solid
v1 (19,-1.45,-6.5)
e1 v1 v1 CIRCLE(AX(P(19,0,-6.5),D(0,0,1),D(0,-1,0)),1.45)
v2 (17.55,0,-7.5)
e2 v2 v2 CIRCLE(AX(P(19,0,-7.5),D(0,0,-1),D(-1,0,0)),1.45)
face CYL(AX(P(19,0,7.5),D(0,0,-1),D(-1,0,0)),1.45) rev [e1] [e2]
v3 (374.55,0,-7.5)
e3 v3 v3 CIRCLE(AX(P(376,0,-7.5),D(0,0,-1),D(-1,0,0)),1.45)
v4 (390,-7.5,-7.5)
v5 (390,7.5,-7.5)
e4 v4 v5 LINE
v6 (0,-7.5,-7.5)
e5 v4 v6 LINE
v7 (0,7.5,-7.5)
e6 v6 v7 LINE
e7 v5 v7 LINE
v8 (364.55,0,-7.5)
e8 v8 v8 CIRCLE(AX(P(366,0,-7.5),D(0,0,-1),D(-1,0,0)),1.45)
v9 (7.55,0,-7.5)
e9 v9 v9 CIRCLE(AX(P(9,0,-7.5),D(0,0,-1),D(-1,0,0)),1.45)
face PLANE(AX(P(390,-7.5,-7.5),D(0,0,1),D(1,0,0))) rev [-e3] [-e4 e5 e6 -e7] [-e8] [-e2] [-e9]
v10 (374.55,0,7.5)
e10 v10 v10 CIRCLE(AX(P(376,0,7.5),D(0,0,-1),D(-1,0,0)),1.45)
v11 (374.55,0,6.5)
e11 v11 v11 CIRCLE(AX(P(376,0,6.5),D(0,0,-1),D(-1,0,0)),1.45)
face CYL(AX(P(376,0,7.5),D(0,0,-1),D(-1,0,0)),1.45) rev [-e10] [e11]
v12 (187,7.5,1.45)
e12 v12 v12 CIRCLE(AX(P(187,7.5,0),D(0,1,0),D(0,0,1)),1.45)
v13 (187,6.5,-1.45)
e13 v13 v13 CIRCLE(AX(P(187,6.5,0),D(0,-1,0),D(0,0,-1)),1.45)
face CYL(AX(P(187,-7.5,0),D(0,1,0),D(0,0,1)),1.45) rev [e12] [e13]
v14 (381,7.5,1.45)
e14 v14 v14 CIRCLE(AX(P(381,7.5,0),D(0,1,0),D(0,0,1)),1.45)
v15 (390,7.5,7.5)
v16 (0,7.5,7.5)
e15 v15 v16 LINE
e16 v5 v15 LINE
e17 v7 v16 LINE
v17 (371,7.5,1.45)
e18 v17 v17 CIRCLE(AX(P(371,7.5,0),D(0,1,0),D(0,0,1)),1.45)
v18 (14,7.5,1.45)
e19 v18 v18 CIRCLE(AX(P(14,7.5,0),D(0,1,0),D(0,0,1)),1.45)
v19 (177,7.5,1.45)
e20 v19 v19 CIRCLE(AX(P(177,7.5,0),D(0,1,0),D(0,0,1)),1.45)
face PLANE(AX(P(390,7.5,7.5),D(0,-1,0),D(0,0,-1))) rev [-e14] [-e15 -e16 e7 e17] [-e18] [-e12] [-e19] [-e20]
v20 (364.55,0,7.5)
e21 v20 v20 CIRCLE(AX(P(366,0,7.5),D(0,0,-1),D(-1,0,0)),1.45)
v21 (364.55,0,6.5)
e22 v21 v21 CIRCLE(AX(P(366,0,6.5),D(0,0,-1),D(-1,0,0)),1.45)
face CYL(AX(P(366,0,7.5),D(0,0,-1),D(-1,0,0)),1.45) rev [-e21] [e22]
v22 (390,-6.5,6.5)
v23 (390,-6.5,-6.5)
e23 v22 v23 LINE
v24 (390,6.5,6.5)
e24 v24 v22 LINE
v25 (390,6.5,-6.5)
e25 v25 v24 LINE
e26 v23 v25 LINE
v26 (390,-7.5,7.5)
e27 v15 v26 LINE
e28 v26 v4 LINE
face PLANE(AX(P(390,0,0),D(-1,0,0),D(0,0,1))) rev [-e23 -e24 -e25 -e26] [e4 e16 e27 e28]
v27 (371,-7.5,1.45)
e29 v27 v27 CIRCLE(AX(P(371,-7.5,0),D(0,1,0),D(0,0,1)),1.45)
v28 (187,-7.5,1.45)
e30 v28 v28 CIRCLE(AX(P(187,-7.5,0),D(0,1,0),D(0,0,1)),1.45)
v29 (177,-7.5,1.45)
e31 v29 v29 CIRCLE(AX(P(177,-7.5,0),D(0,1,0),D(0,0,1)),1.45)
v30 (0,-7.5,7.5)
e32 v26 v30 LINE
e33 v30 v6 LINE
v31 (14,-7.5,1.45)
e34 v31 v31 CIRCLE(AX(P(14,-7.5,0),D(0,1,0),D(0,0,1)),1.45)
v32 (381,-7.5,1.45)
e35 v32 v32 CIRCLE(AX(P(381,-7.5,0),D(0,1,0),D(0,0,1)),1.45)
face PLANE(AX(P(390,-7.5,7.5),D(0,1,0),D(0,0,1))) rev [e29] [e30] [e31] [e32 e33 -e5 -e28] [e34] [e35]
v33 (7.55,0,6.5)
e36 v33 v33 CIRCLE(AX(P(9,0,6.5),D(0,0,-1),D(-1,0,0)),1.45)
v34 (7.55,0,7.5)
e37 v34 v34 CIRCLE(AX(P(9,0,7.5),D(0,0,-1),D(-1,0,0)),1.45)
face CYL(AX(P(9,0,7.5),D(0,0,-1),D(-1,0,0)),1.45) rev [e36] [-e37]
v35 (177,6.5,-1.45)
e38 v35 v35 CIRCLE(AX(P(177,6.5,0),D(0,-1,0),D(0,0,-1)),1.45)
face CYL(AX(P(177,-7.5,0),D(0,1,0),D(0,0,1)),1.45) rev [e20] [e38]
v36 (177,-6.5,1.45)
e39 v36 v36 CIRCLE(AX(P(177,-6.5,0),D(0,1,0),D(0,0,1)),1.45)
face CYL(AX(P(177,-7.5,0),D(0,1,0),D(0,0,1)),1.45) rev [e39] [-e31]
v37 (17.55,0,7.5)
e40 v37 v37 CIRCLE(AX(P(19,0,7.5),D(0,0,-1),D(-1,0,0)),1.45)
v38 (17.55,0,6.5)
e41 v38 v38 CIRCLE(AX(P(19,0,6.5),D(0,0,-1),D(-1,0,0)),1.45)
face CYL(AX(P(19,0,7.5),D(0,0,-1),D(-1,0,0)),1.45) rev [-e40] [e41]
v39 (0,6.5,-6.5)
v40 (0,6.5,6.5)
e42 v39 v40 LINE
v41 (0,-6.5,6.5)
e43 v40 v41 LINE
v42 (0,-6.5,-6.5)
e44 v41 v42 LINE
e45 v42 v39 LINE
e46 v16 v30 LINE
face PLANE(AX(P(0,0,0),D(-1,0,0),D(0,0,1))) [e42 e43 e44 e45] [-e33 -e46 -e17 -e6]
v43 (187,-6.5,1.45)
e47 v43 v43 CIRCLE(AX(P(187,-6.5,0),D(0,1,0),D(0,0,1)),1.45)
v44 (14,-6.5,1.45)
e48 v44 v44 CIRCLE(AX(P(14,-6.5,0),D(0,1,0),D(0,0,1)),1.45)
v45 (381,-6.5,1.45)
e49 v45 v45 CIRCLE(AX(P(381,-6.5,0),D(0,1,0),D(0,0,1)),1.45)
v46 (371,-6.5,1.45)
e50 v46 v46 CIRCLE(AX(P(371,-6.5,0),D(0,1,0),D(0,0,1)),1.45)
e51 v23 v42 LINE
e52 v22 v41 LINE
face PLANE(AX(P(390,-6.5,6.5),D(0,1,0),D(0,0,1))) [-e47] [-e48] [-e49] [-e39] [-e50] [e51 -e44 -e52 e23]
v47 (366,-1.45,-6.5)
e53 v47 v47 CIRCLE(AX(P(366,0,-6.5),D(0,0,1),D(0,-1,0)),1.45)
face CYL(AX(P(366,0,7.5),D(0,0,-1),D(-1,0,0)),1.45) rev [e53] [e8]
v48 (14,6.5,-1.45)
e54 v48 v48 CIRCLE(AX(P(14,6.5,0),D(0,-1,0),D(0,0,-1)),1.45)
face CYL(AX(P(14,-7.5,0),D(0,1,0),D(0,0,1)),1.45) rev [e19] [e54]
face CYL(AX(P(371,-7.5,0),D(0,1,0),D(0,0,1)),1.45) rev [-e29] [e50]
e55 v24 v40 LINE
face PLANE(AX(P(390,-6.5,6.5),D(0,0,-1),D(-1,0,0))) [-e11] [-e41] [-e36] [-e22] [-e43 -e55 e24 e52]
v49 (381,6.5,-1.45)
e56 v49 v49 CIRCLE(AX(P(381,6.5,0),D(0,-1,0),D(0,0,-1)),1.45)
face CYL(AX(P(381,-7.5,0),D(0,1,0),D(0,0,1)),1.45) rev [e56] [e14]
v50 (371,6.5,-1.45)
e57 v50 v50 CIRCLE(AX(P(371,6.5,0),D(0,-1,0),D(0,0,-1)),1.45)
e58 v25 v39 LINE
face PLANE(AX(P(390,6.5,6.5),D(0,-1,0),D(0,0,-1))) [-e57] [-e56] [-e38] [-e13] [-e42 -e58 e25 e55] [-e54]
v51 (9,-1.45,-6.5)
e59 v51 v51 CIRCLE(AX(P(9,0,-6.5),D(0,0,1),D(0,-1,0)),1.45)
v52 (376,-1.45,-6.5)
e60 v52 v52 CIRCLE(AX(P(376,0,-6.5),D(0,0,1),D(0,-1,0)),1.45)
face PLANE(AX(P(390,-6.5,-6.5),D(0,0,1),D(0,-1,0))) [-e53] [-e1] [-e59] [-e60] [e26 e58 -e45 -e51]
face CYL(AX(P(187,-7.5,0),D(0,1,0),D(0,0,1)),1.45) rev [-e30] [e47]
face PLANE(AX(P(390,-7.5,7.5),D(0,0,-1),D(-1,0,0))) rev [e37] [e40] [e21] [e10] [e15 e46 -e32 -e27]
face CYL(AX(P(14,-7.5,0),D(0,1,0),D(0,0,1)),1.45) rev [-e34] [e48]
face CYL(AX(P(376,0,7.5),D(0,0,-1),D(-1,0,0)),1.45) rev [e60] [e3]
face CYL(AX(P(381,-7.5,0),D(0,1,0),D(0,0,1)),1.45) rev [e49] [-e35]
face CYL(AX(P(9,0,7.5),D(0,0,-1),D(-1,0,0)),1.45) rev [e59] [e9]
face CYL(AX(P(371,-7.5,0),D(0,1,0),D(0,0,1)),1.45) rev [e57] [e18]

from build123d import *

# Parameters (mm, degrees)
SKETCH_1_W          = 15
SKETCH_1_H          = 15
SKETCH_1_W_2        = 13
SKETCH_1_H_2        = 13
EXTRUDE_1_DEPTH     = 390
SKETCH_2_R          = 1.45
CUT_EXTRUDE_1_DEPTH = 391.36041039
SKETCH_3_R          = 1.45
CUT_EXTRUDE_2_DEPTH = 391.36041039


with BuildPart() as part:
    # 草图1 → 凸台-拉伸1 (new body)
    with BuildSketch(Plane(origin=(0, 0, 0), x_dir=(0, 0, -1), z_dir=(1, 0, 0))):
        Rectangle(SKETCH_1_W, SKETCH_1_H)
        Rectangle(SKETCH_1_W_2, SKETCH_1_H_2, mode=Mode.SUBTRACT)
    extrude(amount=EXTRUDE_1_DEPTH)

    # 草图2 → 切除-拉伸1 (cut, through all)
    with BuildSketch(Plane(origin=(0, 0, -7.5), x_dir=(-1, 0, 0), z_dir=(0, 0, -1))):
        with Locations((-366, 0)):
            Circle(SKETCH_2_R)
        with Locations((-376, 0)):
            Circle(SKETCH_2_R)
        with Locations((-19, 0)):
            Circle(SKETCH_2_R)
        with Locations((-9, 0)):
            Circle(SKETCH_2_R)
    extrude(amount=-CUT_EXTRUDE_1_DEPTH, mode=Mode.SUBTRACT)

    # 草图3 → 切除-拉伸2 (cut, through all)
    with BuildSketch(Plane(origin=(0, 7.5, 0), x_dir=(1, 0, 0), z_dir=(0, 1, 0))):
        with Locations(Location((371, 0, 0), (0, 0, 270))):
            Circle(SKETCH_3_R)
        with Locations(Location((381, 0, 0), (0, 0, 270))):
            Circle(SKETCH_3_R)
        with Locations(Location((14, 0, 0), (0, 0, 270))):
            Circle(SKETCH_3_R)
        with Locations(Location((177, 0, 0), (0, 0, 270))):
            Circle(SKETCH_3_R)
        with Locations(Location((187, 0, 0), (0, 0, 270))):
            Circle(SKETCH_3_R)
    extrude(amount=-CUT_EXTRUDE_2_DEPTH, mode=Mode.SUBTRACT)


solid = part.part
